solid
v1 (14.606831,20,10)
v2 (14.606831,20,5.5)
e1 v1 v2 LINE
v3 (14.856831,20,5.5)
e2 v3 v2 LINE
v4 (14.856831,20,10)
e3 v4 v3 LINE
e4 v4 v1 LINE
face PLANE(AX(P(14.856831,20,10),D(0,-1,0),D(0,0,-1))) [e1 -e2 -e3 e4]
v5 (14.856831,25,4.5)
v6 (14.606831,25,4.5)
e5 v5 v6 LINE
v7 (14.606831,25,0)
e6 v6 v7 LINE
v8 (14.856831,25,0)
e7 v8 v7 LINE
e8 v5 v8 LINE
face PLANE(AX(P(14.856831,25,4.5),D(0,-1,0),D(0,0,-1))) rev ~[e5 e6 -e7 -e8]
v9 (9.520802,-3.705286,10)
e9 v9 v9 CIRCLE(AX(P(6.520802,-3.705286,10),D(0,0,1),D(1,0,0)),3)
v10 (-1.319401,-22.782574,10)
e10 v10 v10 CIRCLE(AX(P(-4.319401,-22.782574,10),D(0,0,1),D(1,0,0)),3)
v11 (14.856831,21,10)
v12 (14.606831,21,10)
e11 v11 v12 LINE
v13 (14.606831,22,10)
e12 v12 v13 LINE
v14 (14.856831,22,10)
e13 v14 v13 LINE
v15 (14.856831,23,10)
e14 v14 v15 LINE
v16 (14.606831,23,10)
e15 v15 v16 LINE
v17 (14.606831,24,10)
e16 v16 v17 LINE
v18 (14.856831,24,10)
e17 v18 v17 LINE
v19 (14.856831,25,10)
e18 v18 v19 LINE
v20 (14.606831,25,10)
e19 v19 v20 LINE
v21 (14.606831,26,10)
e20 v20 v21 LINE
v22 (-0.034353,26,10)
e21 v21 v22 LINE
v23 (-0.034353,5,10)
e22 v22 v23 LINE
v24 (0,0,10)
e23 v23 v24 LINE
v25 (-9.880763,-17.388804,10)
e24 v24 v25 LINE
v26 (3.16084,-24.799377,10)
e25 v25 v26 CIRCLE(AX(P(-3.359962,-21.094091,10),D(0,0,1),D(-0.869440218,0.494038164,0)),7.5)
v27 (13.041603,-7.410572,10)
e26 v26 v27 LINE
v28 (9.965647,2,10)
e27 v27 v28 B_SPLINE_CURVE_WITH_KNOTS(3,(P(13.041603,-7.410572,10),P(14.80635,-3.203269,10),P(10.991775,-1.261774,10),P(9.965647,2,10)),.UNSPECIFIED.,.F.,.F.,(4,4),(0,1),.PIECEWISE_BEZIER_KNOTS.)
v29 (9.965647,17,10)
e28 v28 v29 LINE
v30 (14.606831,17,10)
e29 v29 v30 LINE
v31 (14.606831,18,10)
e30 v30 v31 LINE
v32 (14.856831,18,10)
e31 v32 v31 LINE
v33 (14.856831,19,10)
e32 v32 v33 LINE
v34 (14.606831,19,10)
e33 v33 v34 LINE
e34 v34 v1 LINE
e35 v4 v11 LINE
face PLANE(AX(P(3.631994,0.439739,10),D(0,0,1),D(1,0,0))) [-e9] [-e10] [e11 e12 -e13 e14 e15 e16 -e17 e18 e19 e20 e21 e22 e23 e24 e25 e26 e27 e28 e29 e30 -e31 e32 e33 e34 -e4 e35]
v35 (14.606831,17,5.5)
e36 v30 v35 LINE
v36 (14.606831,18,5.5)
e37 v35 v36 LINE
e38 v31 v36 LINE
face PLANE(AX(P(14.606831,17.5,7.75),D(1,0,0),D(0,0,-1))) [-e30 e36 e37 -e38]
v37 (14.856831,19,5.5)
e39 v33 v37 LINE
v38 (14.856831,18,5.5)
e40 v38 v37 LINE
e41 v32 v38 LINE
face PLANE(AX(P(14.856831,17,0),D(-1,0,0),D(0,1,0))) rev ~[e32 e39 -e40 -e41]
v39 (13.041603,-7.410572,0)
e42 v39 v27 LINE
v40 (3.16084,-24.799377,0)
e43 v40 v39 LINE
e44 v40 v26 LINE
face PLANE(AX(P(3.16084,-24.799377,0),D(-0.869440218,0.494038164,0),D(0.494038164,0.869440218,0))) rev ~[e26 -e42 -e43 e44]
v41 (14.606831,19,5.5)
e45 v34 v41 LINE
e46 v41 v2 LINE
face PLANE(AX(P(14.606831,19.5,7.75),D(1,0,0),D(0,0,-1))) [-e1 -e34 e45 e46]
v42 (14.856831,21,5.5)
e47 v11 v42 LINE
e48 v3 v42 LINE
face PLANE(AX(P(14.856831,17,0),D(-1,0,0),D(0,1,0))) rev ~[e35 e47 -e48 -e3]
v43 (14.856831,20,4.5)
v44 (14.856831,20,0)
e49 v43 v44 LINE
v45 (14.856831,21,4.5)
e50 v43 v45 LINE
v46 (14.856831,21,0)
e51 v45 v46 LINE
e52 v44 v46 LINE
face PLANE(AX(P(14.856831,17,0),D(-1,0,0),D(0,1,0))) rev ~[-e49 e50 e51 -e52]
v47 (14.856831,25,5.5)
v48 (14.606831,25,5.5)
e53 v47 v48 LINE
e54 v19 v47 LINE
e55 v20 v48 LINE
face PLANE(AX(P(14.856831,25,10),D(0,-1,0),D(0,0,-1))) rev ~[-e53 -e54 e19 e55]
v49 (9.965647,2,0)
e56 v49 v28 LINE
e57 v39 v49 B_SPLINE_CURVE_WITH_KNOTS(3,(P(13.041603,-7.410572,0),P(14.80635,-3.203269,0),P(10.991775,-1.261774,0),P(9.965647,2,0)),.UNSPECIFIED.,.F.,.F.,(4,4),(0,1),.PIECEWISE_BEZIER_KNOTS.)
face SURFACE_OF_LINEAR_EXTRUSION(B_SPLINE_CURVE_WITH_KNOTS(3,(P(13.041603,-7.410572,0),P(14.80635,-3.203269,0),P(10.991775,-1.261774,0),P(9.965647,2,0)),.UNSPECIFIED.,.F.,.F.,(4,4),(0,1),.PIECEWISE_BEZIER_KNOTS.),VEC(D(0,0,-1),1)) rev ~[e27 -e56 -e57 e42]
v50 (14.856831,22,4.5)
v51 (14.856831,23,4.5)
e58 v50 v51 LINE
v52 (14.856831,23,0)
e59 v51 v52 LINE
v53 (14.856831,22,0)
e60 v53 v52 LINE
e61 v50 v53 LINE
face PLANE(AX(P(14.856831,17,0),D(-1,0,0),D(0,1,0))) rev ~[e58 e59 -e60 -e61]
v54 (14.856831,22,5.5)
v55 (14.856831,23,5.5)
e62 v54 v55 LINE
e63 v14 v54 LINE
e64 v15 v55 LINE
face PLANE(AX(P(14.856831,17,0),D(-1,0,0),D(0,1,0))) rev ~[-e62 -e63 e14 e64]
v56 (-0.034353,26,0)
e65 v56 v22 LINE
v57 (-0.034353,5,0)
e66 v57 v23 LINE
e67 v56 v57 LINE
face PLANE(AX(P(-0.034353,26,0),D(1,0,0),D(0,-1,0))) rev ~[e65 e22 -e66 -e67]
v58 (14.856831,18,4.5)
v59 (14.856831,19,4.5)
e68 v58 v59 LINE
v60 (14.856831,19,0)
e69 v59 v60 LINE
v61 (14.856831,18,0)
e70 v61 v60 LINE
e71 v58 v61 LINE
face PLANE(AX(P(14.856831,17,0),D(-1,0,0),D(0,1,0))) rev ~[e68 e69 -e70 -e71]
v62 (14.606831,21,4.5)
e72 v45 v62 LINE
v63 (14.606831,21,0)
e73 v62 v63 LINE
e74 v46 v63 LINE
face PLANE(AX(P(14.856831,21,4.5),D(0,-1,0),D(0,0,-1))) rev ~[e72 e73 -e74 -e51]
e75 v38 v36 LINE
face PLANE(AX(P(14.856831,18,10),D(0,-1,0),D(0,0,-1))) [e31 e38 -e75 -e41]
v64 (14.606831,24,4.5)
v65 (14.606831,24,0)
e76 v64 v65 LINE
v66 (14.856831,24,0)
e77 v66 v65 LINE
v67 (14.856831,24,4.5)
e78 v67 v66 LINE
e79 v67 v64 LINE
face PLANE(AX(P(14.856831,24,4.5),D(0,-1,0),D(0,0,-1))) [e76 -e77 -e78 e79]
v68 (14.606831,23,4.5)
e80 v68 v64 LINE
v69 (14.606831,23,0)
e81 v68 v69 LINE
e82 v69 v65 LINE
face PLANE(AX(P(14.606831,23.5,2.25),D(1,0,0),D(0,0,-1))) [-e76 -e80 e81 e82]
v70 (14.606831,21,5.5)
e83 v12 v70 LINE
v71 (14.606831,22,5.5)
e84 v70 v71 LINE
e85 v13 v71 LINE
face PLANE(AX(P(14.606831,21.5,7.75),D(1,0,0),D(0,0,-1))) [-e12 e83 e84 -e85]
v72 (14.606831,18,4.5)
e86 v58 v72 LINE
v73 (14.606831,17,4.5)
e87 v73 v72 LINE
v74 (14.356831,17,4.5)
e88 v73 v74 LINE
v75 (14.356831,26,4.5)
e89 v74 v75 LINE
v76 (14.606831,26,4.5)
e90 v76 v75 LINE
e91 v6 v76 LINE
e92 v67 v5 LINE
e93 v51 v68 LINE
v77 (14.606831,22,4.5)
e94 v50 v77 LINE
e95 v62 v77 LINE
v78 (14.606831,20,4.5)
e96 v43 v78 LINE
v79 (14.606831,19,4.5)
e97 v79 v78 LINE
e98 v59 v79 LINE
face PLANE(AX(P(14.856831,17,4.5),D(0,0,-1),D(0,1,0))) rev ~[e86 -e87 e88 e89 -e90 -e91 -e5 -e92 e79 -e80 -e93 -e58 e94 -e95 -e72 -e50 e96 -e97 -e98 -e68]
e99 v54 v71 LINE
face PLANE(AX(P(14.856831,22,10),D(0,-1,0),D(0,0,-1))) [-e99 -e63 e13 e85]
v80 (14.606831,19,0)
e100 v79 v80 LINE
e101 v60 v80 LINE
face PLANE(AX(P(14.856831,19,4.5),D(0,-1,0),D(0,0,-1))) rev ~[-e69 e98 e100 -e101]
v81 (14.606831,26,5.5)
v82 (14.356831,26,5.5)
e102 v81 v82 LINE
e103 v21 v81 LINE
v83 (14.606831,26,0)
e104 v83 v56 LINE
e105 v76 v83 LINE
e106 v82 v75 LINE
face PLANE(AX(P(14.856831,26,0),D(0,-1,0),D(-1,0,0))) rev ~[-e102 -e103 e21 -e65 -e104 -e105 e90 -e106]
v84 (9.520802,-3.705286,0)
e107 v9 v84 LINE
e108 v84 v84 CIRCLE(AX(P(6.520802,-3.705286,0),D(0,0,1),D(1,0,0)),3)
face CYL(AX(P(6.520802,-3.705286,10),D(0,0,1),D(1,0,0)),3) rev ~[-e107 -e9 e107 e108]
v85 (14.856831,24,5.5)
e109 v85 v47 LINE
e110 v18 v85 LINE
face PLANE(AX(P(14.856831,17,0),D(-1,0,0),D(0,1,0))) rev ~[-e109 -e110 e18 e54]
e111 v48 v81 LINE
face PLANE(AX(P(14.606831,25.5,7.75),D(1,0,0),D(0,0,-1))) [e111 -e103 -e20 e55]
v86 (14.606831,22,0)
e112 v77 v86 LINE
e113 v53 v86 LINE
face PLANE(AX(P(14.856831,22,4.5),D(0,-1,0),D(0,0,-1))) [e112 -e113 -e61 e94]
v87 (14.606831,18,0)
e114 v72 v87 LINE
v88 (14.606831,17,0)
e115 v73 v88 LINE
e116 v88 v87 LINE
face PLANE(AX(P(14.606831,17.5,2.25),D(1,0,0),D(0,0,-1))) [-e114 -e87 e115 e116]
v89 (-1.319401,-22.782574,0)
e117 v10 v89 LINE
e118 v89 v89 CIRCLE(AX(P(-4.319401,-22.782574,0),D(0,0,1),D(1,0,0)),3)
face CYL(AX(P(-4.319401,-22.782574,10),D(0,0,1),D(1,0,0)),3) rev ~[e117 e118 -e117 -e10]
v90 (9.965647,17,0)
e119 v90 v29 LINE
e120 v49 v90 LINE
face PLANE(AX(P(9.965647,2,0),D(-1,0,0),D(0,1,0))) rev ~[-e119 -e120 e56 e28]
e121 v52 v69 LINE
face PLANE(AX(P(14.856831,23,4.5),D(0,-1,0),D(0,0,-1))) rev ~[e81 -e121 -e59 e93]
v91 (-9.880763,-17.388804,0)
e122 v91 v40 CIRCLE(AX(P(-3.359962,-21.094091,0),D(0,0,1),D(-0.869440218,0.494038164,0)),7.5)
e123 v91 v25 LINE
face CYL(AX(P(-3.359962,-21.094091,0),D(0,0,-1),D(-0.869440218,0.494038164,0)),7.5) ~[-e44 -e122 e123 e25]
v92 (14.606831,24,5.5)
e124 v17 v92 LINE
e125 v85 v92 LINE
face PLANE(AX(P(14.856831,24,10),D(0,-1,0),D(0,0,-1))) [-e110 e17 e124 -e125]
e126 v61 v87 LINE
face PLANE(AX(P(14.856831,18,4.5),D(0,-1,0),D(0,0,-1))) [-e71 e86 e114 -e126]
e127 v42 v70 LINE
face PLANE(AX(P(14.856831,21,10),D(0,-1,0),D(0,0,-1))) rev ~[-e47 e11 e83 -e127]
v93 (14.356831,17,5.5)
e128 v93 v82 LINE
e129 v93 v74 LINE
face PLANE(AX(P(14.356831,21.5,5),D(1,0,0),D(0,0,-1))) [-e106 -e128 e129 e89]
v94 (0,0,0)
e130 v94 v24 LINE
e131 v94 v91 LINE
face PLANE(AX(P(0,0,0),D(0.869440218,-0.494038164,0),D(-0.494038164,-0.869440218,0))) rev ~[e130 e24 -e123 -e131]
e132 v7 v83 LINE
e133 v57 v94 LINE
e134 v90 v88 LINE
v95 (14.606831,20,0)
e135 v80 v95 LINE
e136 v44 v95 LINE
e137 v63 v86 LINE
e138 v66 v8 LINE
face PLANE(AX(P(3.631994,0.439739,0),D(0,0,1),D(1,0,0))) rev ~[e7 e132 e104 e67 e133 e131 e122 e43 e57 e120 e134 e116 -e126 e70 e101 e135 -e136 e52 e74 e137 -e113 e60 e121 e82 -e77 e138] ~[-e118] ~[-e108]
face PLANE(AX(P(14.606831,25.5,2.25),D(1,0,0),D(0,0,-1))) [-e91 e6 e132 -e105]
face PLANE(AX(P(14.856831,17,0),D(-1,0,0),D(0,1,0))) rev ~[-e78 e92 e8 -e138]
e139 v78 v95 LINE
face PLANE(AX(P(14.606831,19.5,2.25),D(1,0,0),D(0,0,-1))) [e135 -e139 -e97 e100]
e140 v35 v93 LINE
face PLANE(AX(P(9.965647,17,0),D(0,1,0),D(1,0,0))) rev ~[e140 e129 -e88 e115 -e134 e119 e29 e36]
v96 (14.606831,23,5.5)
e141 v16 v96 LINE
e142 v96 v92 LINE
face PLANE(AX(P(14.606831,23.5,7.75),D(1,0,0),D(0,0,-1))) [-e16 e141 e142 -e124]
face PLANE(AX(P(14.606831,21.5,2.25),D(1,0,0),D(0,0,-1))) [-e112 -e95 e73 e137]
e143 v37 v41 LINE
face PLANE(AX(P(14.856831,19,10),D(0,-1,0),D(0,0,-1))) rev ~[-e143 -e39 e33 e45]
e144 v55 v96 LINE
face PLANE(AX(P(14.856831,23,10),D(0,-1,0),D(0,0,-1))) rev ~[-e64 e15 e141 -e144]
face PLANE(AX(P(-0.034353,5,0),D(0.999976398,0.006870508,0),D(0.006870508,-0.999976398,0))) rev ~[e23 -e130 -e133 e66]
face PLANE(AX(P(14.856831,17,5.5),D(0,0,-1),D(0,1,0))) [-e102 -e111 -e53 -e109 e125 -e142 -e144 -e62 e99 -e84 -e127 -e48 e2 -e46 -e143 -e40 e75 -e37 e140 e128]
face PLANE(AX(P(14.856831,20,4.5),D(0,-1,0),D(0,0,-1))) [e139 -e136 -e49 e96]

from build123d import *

# Parameters (mm, degrees)
BOSS_EXTRUDE1_DEPTH = 10
SKETCH2_W           = 1
SKETCH2_H           = 9
CUT_EXTRUDE1_DEPTH  = 0.5
SKETCH4_W           = 4.5
SKETCH4_H           = 1
CUT_EXTRUDE4_DEPTH  = 0.25
SKETCH5_W           = 4.5
SKETCH5_H           = 1
CUT_EXTRUDE5_DEPTH  = 0.25
SKETCH6_R           = 3
CUT_EXTRUDE6_DEPTH  = 34.739405243


with BuildPart() as part:
    # Sketch1 → Boss-Extrude1 (new body)
    with BuildSketch(Plane.XY):
        with BuildLine():
            Line((0, 0), (-9.88076328, -17.388804358))
            ThreePointArc((-9.88076328, -17.388804358), (-7.065247876, -27.614892222), (3.160839988, -24.799376818))
            Line((3.160839988, -24.799376818), (13.041603269, -7.41057246))
            add(Edge.make_bspline(
                [(13.041603269, -7.41057246), (14.806349741, -3.203268527), (10.991774611, -1.261774485), (9.965646647, 2)],
                knots=[0, 0, 0, 0, 1, 1, 1, 1], degree=3))
            Line((9.965646647, 2), (9.965646647, 17))
            Line((9.965646647, 17), (14.856831388, 17))
            Line((14.856831388, 17), (14.856831388, 26))
            Line((14.856831388, 26), (-0.034353353, 26))
            Line((-0.034353353, 26), (-0.034353353, 15))
            Line((-0.034353353, 15), (-0.034353353, 5))
            Line((-0.034353353, 5), (0, 0))
        make_face()
    extrude(amount=BOSS_EXTRUDE1_DEPTH)

    # Sketch2 → Cut-Extrude1 (cut)
    with BuildSketch(Plane(origin=(14.856831388, 0, 0), x_dir=(0, 0, -1), z_dir=(1, 0, 0))):
        with Locations((-5, 21.5)):
            Rectangle(SKETCH2_W, SKETCH2_H)
    extrude(amount=-CUT_EXTRUDE1_DEPTH, mode=Mode.SUBTRACT)

    # Sketch4 → Cut-Extrude4 (cut)
    with BuildSketch(Plane(origin=(14.856831388, 0, 0), x_dir=(0, 0, -1), z_dir=(1, 0, 0))):
        with Locations((-7.75, 17.5)):
            Rectangle(SKETCH4_W, SKETCH4_H)
        with Locations((-7.75, 19.5)):
            Rectangle(SKETCH4_W, SKETCH4_H)
        with Locations((-7.75, 21.5)):
            Rectangle(SKETCH4_W, SKETCH4_H)
        with Locations((-7.75, 23.5)):
            Rectangle(SKETCH4_W, SKETCH4_H)
        with Locations((-7.75, 25.5)):
            Rectangle(SKETCH4_W, SKETCH4_H)
    extrude(amount=-CUT_EXTRUDE4_DEPTH, mode=Mode.SUBTRACT)

    # Sketch5 → Cut-Extrude5 (cut)
    with BuildSketch(Plane(origin=(14.856831388, 0, 0), x_dir=(0, 0, -1), z_dir=(1, 0, 0))):
        with Locations((-2.25, 17.5)):
            Rectangle(SKETCH5_W, SKETCH5_H)
        with Locations((-2.25, 19.5)):
            Rectangle(SKETCH5_W, SKETCH5_H)
        with Locations((-2.25, 21.5)):
            Rectangle(SKETCH5_W, SKETCH5_H)
        with Locations((-2.25, 23.5)):
            Rectangle(SKETCH5_W, SKETCH5_H)
        with Locations((-2.25, 25.5)):
            Rectangle(SKETCH5_W, SKETCH5_H)
    extrude(amount=-CUT_EXTRUDE5_DEPTH, mode=Mode.SUBTRACT)

    # Sketch6 → Cut-Extrude6 (cut, through all)
    with BuildSketch(Plane.XY.offset(10)):
        with Locations((-4.31940135, -22.782574446)):
            Circle(SKETCH6_R)
        with Locations((6.520801634, -3.70528623)):
            Circle(SKETCH6_R)
    extrude(amount=-CUT_EXTRUDE6_DEPTH, mode=Mode.SUBTRACT)


solid = part.part
